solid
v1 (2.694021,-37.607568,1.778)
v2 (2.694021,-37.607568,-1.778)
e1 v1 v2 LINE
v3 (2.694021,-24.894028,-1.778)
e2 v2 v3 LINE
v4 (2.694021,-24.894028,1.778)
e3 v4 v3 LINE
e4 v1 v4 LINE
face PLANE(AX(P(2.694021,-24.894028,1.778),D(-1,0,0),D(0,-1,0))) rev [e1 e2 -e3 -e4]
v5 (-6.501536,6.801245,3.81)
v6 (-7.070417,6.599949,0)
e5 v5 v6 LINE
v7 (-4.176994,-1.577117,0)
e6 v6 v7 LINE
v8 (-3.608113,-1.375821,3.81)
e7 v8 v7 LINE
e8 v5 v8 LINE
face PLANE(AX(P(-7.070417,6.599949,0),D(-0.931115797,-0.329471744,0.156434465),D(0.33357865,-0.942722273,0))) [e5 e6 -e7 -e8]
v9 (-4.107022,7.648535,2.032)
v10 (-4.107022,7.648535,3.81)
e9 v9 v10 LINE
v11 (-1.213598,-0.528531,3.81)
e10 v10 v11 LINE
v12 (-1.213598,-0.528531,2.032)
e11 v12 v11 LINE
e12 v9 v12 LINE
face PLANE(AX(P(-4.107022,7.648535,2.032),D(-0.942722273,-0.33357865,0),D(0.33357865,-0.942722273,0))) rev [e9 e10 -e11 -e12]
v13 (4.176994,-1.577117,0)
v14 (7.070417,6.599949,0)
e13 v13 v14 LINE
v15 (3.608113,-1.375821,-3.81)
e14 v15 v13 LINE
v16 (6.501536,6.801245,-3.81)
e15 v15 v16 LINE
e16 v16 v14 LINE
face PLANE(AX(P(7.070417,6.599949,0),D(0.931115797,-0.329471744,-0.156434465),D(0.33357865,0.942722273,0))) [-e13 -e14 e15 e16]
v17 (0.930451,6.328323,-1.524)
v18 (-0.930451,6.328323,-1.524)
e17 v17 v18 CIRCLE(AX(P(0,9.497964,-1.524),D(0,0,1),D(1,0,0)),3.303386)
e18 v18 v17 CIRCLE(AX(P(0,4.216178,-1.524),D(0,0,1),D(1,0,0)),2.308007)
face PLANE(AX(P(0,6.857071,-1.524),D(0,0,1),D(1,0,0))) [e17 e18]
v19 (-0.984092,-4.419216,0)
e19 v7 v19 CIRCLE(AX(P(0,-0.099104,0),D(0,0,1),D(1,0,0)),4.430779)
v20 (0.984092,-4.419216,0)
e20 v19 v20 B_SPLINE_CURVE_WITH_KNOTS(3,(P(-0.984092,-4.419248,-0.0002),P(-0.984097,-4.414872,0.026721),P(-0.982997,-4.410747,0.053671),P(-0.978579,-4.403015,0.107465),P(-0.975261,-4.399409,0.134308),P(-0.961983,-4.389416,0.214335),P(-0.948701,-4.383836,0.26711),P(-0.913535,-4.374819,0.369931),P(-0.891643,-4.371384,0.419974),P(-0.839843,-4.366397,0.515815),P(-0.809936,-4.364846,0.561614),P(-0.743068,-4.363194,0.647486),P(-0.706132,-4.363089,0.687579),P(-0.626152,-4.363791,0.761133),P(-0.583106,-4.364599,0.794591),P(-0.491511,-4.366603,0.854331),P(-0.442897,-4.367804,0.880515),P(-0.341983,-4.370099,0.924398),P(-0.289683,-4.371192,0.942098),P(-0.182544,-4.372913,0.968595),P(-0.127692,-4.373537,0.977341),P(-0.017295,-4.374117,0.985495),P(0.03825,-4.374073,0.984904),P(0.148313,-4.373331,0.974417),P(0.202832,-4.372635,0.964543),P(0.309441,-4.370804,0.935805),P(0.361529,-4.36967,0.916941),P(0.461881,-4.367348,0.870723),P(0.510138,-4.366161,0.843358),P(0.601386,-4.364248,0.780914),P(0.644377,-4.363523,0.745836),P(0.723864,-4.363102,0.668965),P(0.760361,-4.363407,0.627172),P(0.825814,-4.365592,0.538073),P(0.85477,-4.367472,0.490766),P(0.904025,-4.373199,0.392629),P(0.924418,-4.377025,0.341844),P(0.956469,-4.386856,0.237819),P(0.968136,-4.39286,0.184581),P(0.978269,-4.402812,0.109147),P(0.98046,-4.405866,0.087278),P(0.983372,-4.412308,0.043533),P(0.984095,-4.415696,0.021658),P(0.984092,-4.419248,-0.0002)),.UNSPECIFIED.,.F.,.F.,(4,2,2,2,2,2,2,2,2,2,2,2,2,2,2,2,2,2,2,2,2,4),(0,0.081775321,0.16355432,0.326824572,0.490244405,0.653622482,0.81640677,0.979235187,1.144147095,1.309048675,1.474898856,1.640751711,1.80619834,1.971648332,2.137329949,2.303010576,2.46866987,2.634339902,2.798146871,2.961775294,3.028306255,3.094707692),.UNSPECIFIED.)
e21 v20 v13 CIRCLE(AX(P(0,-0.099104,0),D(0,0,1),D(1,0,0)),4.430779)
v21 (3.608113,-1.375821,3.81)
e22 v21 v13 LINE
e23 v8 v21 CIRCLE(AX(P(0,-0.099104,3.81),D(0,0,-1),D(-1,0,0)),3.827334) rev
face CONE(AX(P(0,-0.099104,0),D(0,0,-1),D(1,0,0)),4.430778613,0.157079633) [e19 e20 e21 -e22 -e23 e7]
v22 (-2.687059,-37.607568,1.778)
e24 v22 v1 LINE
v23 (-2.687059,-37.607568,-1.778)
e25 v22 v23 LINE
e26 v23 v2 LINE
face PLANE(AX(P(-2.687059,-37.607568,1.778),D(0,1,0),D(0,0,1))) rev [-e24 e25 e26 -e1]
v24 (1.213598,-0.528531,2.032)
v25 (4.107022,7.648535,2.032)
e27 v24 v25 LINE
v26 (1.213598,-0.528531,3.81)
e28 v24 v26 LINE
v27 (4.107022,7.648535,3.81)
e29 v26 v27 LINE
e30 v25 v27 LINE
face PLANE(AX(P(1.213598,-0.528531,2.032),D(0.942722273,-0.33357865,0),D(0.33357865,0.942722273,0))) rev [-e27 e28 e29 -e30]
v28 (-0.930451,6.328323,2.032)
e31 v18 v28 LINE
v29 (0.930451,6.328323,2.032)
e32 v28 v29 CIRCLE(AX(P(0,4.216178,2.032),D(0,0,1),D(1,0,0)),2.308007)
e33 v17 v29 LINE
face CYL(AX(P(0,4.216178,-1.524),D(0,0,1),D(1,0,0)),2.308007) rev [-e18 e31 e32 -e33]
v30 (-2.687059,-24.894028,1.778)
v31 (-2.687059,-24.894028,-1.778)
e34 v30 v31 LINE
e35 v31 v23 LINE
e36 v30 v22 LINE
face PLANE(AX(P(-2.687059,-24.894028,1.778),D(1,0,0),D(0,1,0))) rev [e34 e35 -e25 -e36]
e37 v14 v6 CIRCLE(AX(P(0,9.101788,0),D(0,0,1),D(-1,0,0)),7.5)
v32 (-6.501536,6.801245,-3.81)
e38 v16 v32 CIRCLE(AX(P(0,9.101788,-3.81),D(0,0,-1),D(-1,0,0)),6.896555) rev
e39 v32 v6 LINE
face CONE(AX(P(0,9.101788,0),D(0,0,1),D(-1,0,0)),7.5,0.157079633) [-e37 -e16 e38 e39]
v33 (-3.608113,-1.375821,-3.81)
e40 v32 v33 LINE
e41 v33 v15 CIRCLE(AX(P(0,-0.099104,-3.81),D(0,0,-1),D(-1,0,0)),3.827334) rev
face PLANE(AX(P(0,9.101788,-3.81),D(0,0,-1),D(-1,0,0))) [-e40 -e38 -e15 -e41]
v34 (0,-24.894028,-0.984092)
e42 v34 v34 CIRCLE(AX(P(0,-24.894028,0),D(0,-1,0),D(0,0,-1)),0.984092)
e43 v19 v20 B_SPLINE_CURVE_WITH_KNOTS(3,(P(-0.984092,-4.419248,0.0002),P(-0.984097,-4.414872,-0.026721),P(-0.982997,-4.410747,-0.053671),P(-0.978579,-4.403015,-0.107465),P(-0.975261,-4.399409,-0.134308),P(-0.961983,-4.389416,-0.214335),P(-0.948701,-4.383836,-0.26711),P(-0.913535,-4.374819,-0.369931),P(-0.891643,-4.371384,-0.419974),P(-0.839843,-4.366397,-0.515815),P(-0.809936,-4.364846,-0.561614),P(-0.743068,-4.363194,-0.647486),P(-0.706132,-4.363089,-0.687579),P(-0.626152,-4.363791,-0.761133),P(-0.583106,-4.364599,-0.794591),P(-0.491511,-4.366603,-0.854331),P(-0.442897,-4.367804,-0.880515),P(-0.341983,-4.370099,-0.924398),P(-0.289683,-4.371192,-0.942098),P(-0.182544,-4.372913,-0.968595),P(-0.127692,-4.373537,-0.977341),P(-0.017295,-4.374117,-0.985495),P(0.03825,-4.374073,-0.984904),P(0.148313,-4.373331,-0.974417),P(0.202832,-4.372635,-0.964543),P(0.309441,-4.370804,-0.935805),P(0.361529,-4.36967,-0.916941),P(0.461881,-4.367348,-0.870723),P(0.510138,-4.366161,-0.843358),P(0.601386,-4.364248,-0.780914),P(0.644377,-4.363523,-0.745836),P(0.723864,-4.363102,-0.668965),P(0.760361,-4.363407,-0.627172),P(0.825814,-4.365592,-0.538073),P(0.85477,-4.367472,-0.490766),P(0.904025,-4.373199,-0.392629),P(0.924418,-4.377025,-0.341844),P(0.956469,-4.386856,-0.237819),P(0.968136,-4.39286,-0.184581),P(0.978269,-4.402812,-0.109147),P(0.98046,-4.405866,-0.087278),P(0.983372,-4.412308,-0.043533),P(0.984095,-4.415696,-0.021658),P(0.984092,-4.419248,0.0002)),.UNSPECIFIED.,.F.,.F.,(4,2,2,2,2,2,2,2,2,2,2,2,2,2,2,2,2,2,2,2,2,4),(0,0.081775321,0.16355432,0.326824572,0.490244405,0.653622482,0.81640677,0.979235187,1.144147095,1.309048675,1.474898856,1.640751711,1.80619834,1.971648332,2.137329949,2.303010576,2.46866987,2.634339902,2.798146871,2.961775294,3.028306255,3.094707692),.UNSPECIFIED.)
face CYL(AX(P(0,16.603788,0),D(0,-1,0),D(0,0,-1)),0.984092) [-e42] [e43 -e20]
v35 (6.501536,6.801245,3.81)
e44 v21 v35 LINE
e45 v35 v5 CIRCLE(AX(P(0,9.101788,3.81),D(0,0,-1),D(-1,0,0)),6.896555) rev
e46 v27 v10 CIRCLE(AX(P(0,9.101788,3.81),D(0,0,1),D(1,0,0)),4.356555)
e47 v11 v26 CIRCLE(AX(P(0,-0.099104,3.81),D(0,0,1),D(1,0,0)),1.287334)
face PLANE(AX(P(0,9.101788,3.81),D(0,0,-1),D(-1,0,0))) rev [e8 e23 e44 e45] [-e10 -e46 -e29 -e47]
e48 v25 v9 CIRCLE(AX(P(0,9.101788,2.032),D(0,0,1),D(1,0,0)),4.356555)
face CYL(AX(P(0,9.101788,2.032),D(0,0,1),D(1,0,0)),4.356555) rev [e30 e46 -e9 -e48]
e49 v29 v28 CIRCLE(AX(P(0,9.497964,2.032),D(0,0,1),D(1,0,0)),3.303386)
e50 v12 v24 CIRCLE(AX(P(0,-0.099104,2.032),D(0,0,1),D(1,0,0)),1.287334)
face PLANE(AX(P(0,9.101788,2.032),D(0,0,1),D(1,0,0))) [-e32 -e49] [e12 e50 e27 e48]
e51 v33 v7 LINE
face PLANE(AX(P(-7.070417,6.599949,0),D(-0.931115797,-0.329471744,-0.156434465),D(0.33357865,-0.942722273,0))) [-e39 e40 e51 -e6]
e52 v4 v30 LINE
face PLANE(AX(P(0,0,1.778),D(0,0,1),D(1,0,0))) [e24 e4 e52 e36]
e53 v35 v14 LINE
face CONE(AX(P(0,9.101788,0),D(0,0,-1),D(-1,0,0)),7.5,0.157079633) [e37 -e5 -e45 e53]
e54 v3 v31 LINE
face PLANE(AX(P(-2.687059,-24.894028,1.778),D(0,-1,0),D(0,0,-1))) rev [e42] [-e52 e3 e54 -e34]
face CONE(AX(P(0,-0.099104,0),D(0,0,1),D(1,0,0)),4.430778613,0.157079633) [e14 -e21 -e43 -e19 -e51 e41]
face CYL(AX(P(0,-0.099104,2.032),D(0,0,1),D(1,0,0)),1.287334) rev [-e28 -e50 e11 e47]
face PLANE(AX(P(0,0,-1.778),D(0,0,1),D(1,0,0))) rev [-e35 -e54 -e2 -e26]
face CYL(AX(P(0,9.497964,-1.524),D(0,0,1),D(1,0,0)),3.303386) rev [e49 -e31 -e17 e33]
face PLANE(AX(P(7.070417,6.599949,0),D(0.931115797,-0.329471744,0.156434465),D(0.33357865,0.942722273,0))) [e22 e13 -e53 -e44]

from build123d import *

# Parameters (mm, degrees)
BOSS_EXTRUDE3_DEPTH           = 3.81
BOSS_EXTRUDE3_TAPER           = 9
BOSS_EXTRUDE3_OTHER_WAY_DEPTH = 3.81
BOSS_EXTRUDE3_OTHER_WAY_TAPER = 9
CUT_EXTRUDE1_DEPTH            = 1.778
CUT_EXTRUDE2_DEPTH            = 3.556
BOSS_EXTRUDE4_REACH           = 43.527
SKETCH6_R                     = 0.984091707
SKETCH7_W                     = 5.381079671
SKETCH7_H                     = 12.713539883
BOSS_EXTRUDE5_DEPTH           = 1.778


with BuildPart() as part:
    # Sketch1 → Boss-Extrude3 (new body)
    with BuildSketch(Plane.XY):
        with BuildLine():
            Line((-7.070417047, 6.599948555), (-4.176993685, -1.577117469))
            ThreePointArc((-4.176993685, -1.577117469), (0, -4.529882932), (4.176993685, -1.577117469))
            Line((4.176993685, -1.577117469), (7.070417047, 6.599948555))
            ThreePointArc((7.070417047, 6.599948555), (0, 16.601788433), (-7.070417047, 6.599948555))
        make_face()
    extrude(amount=BOSS_EXTRUDE3_DEPTH, taper=BOSS_EXTRUDE3_TAPER)

    # Sketch1 → Boss-Extrude3 other way (add)
    with BuildSketch(Plane.XY):
        with BuildLine():
            Line((-7.070417047, 6.599948555), (-4.176993685, -1.577117469))
            ThreePointArc((-4.176993685, -1.577117469), (0, -4.529882932), (4.176993685, -1.577117469))
            Line((4.176993685, -1.577117469), (7.070417047, 6.599948555))
            ThreePointArc((7.070417047, 6.599948555), (0, 16.601788433), (-7.070417047, 6.599948555))
        make_face()
    extrude(amount=-BOSS_EXTRUDE3_OTHER_WAY_DEPTH, taper=BOSS_EXTRUDE3_OTHER_WAY_TAPER)

    # Sketch3 → Cut-Extrude1 (cut)
    with BuildSketch(Plane.XY.offset(3.81)):
        with BuildLine():
            Line((-4.107021698, 7.648534601), (-1.213598336, -0.528531422))
            ThreePointArc((-1.213598336, -0.528531422), (0, -1.386438214), (1.213598336, -0.528531422))
            Line((1.213598336, -0.528531422), (4.107021698, 7.648534601))
            ThreePointArc((4.107021698, 7.648534601), (0, 13.458343715), (-4.107021698, 7.648534601))
        make_face()
    extrude(amount=-CUT_EXTRUDE1_DEPTH, mode=Mode.SUBTRACT)

    # Sketch4 → Cut-Extrude2 (cut)
    with BuildSketch(Plane.XY.offset(2.032)):
        with BuildLine():
            ThreePointArc((0.9304508, 6.328323332), (0, 12.801349411), (-0.9304508, 6.328323332))
            ThreePointArc((-0.9304508, 6.328323332), (0, 1.908170612), (0.9304508, 6.328323332))
        make_face()
    extrude(amount=-CUT_EXTRUDE2_DEPTH, mode=Mode.SUBTRACT)

    # Sketch6 → Boss-Extrude4 (add, up to next)
    with BuildSketch(Plane(origin=(0, -24.925590476, 0), x_dir=(1, 0, 0), z_dir=(0, 1, 0)), mode=Mode.PRIVATE) as boss_extrude4_sk1:
        Circle(SKETCH6_R)
    boss_extrude4_tool1 = extrude(boss_extrude4_sk1.sketch, amount=BOSS_EXTRUDE4_REACH, mode=Mode.PRIVATE) - part.part
    add(boss_extrude4_tool1.solids().sort_by_distance((0, -24.92559, 0))[0])

    # Sketch7 → Boss-Extrude5 (add, symmetric)
    with BuildSketch(Plane.XY):
        with Locations((0.003481044, -31.250797668)):
            Rectangle(SKETCH7_W, SKETCH7_H)
    extrude(amount=BOSS_EXTRUDE5_DEPTH, both=True)


solid = part.part
